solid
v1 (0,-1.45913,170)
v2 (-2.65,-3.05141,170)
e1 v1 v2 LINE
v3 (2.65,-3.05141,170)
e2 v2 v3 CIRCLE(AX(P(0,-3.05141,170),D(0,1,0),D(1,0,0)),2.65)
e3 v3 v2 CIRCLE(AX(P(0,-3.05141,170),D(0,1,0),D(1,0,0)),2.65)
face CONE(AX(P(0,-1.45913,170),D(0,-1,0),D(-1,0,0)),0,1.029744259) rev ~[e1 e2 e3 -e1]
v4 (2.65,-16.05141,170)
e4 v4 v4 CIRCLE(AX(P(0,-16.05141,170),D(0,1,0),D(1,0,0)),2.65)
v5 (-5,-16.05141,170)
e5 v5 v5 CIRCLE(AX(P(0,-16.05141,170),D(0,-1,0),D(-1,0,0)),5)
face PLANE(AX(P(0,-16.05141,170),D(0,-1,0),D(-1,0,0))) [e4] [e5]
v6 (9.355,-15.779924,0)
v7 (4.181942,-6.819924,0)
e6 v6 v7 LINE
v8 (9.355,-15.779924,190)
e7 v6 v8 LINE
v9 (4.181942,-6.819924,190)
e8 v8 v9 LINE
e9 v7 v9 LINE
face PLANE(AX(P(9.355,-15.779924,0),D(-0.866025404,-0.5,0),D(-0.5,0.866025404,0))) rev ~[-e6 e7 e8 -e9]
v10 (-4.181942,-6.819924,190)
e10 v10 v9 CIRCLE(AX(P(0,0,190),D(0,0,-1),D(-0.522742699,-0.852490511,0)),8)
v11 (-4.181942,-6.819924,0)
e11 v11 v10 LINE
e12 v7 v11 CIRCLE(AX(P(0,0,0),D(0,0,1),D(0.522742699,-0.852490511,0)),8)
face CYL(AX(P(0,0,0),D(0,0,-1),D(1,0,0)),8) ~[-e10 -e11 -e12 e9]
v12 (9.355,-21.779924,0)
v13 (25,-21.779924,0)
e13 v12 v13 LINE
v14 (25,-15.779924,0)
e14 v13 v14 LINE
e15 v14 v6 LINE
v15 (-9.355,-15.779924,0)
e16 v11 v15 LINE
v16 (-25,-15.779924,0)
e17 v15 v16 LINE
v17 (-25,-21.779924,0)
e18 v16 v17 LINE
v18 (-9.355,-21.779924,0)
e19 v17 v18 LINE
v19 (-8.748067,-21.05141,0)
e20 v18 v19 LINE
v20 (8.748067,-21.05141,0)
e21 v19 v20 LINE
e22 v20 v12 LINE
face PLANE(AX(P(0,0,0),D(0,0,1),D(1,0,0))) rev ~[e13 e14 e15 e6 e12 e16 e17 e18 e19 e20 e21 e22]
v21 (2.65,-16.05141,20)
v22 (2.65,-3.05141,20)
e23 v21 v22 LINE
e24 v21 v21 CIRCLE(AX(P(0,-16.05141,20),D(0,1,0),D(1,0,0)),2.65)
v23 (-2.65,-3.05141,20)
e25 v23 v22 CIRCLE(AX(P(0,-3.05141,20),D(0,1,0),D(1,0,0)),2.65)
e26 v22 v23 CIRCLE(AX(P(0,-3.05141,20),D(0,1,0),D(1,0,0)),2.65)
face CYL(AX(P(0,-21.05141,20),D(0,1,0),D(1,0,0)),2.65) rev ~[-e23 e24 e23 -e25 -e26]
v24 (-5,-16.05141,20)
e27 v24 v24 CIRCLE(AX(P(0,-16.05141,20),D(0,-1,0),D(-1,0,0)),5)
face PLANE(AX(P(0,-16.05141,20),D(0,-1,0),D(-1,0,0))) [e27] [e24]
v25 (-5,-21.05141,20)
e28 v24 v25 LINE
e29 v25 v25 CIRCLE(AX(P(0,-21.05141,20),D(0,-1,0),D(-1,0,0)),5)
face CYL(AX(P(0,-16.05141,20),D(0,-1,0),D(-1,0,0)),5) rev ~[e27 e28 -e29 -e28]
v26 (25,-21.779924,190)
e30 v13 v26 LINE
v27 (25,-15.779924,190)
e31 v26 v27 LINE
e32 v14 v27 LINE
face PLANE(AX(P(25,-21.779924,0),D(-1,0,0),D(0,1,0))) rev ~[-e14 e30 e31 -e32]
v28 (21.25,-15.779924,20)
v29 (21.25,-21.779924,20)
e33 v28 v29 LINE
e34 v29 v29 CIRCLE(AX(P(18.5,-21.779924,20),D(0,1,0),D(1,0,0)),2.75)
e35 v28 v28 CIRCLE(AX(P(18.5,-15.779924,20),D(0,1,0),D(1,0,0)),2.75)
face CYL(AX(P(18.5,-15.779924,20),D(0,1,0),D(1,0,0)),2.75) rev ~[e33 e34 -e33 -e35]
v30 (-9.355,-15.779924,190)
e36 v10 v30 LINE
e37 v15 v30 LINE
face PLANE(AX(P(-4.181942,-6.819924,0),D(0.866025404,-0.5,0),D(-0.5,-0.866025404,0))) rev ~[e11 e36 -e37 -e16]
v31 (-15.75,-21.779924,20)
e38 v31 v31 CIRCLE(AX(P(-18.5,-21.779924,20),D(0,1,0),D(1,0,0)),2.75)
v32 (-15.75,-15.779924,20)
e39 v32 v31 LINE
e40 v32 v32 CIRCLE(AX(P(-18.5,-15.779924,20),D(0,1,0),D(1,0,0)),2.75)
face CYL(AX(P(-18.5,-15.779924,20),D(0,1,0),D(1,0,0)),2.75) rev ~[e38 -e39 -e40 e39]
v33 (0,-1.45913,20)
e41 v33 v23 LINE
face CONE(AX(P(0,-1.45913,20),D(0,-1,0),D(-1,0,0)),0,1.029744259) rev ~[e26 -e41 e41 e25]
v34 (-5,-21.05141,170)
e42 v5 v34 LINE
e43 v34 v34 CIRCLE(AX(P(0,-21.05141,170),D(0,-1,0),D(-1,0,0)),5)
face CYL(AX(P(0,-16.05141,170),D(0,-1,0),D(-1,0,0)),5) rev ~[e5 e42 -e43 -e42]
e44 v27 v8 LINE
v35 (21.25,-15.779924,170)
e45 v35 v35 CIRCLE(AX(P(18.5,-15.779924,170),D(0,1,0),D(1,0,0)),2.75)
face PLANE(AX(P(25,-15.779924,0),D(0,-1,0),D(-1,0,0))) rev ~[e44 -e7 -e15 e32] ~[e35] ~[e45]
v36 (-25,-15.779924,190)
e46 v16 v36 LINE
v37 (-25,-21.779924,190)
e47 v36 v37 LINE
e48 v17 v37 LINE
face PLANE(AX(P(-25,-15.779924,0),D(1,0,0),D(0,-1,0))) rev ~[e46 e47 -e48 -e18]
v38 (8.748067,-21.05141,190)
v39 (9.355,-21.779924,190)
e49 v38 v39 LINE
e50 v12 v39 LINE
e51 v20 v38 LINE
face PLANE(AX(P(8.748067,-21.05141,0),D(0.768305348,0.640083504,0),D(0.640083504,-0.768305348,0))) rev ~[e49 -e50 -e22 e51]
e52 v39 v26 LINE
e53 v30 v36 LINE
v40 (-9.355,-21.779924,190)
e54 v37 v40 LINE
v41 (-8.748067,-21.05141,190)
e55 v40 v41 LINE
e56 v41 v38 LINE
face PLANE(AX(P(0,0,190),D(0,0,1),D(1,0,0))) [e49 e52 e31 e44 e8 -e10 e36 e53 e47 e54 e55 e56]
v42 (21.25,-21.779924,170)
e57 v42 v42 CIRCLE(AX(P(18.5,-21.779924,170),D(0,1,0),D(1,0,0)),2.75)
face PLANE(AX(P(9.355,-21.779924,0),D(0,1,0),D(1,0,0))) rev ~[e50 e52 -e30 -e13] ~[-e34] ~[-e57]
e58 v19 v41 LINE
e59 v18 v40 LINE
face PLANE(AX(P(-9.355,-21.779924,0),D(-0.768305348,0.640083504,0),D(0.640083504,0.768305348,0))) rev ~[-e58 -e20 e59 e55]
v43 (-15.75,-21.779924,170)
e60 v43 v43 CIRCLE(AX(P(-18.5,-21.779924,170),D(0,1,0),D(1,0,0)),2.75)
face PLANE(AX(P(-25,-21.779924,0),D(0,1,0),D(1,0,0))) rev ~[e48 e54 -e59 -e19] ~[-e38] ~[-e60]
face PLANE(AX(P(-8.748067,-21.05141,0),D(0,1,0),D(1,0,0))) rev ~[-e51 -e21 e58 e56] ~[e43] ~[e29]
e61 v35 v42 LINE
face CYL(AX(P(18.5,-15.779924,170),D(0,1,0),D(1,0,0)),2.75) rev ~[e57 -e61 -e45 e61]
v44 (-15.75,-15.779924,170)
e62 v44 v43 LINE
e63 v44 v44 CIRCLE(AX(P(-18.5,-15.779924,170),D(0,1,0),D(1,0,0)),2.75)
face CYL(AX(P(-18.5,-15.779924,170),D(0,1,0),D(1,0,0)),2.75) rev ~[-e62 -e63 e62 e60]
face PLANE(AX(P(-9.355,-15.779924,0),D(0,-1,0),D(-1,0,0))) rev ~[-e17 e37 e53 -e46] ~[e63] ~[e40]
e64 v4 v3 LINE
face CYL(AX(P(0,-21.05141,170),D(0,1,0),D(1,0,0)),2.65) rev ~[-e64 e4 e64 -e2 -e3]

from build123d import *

# Parameters (mm, degrees)
SKETCH_2_R                  = 8
EXTRUDE_2_DEPTH             = 190
EXTRUDE_3_DEPTH             = 190
SKETCH_7_R                  = 2.75
CUT_EXTRUDE_1_DEPTH         = 7
HOLE_WIZARD_M51_D           = 5.3
HOLE_WIZARD_M51_DEPTH       = 18
HOLE_WIZARD_M51_CBORE_D     = 10
HOLE_WIZARD_M51_CBORE_DEPTH = 5
HOLE_WIZARD_M51_TIP         = 1.59228064


with BuildPart() as part:
    # Эскиз2 → Бобышка-Вытянуть2 (new body)
    with BuildSketch(Plane.XY):
        Circle(SKETCH_2_R)
    extrude(amount=EXTRUDE_2_DEPTH)

    # Эскиз2<4> → Бобышка-Вытянуть3 (add)
    with BuildSketch(Plane.XY):
        with BuildLine():
            Line((9.355, -15.779924087), (4.181941588, -6.819924087))
            ThreePointArc((4.181941588, -6.819924087), (0, -8), (-4.181941588, -6.819924087))
            Line((-4.181941588, -6.819924087), (-9.355, -15.779924087))
            Line((-9.355, -15.779924087), (-25, -15.779924087))
            Line((-25, -15.779924087), (-25, -21.779924087))
            Line((-25, -21.779924087), (-9.355, -21.779924087))
            Line((-9.355, -21.779924087), (-8.748067357, -21.051410397))
            Line((-8.748067357, -21.051410397), (8.748067357, -21.051410397))
            Line((8.748067357, -21.051410397), (9.355, -21.779924087))
            Line((9.355, -21.779924087), (25, -21.779924087))
            Line((25, -21.779924087), (25, -15.779924087))
            Line((25, -15.779924087), (9.355, -15.779924087))
        make_face()
    extrude(amount=EXTRUDE_3_DEPTH)

    # Эскиз7 → Вырез-Вытянуть1 (cut, through all)
    with BuildSketch(Plane(origin=(0, -15.779924087, 0), x_dir=(1, 0, 0), z_dir=(0, 1, 0))):
        with Locations((-18.5, -170)):
            Circle(SKETCH_7_R)
        with Locations((18.5, -170)):
            Circle(SKETCH_7_R)
        with Locations((18.5, -20)):
            Circle(SKETCH_7_R)
        with Locations((-18.5, -20)):
            Circle(SKETCH_7_R)
    extrude(amount=-CUT_EXTRUDE_1_DEPTH, mode=Mode.SUBTRACT)

    # Цековка для винта с внутренним шестигранником M51
    with Locations(Plane(origin=(0, -21.051410397, 0), x_dir=(-1, 0, 0), z_dir=(0, -1, 0))):
        with Locations((0, -20), (0, -170)):
            CounterBoreHole(HOLE_WIZARD_M51_D / 2, HOLE_WIZARD_M51_CBORE_D / 2, HOLE_WIZARD_M51_CBORE_DEPTH, depth=HOLE_WIZARD_M51_DEPTH)
            with Locations((0, 0, -(HOLE_WIZARD_M51_DEPTH + HOLE_WIZARD_M51_TIP / 2))):  # 118° drill point
                Cone(0, HOLE_WIZARD_M51_D / 2, HOLE_WIZARD_M51_TIP, mode=Mode.SUBTRACT)


solid = part.part
